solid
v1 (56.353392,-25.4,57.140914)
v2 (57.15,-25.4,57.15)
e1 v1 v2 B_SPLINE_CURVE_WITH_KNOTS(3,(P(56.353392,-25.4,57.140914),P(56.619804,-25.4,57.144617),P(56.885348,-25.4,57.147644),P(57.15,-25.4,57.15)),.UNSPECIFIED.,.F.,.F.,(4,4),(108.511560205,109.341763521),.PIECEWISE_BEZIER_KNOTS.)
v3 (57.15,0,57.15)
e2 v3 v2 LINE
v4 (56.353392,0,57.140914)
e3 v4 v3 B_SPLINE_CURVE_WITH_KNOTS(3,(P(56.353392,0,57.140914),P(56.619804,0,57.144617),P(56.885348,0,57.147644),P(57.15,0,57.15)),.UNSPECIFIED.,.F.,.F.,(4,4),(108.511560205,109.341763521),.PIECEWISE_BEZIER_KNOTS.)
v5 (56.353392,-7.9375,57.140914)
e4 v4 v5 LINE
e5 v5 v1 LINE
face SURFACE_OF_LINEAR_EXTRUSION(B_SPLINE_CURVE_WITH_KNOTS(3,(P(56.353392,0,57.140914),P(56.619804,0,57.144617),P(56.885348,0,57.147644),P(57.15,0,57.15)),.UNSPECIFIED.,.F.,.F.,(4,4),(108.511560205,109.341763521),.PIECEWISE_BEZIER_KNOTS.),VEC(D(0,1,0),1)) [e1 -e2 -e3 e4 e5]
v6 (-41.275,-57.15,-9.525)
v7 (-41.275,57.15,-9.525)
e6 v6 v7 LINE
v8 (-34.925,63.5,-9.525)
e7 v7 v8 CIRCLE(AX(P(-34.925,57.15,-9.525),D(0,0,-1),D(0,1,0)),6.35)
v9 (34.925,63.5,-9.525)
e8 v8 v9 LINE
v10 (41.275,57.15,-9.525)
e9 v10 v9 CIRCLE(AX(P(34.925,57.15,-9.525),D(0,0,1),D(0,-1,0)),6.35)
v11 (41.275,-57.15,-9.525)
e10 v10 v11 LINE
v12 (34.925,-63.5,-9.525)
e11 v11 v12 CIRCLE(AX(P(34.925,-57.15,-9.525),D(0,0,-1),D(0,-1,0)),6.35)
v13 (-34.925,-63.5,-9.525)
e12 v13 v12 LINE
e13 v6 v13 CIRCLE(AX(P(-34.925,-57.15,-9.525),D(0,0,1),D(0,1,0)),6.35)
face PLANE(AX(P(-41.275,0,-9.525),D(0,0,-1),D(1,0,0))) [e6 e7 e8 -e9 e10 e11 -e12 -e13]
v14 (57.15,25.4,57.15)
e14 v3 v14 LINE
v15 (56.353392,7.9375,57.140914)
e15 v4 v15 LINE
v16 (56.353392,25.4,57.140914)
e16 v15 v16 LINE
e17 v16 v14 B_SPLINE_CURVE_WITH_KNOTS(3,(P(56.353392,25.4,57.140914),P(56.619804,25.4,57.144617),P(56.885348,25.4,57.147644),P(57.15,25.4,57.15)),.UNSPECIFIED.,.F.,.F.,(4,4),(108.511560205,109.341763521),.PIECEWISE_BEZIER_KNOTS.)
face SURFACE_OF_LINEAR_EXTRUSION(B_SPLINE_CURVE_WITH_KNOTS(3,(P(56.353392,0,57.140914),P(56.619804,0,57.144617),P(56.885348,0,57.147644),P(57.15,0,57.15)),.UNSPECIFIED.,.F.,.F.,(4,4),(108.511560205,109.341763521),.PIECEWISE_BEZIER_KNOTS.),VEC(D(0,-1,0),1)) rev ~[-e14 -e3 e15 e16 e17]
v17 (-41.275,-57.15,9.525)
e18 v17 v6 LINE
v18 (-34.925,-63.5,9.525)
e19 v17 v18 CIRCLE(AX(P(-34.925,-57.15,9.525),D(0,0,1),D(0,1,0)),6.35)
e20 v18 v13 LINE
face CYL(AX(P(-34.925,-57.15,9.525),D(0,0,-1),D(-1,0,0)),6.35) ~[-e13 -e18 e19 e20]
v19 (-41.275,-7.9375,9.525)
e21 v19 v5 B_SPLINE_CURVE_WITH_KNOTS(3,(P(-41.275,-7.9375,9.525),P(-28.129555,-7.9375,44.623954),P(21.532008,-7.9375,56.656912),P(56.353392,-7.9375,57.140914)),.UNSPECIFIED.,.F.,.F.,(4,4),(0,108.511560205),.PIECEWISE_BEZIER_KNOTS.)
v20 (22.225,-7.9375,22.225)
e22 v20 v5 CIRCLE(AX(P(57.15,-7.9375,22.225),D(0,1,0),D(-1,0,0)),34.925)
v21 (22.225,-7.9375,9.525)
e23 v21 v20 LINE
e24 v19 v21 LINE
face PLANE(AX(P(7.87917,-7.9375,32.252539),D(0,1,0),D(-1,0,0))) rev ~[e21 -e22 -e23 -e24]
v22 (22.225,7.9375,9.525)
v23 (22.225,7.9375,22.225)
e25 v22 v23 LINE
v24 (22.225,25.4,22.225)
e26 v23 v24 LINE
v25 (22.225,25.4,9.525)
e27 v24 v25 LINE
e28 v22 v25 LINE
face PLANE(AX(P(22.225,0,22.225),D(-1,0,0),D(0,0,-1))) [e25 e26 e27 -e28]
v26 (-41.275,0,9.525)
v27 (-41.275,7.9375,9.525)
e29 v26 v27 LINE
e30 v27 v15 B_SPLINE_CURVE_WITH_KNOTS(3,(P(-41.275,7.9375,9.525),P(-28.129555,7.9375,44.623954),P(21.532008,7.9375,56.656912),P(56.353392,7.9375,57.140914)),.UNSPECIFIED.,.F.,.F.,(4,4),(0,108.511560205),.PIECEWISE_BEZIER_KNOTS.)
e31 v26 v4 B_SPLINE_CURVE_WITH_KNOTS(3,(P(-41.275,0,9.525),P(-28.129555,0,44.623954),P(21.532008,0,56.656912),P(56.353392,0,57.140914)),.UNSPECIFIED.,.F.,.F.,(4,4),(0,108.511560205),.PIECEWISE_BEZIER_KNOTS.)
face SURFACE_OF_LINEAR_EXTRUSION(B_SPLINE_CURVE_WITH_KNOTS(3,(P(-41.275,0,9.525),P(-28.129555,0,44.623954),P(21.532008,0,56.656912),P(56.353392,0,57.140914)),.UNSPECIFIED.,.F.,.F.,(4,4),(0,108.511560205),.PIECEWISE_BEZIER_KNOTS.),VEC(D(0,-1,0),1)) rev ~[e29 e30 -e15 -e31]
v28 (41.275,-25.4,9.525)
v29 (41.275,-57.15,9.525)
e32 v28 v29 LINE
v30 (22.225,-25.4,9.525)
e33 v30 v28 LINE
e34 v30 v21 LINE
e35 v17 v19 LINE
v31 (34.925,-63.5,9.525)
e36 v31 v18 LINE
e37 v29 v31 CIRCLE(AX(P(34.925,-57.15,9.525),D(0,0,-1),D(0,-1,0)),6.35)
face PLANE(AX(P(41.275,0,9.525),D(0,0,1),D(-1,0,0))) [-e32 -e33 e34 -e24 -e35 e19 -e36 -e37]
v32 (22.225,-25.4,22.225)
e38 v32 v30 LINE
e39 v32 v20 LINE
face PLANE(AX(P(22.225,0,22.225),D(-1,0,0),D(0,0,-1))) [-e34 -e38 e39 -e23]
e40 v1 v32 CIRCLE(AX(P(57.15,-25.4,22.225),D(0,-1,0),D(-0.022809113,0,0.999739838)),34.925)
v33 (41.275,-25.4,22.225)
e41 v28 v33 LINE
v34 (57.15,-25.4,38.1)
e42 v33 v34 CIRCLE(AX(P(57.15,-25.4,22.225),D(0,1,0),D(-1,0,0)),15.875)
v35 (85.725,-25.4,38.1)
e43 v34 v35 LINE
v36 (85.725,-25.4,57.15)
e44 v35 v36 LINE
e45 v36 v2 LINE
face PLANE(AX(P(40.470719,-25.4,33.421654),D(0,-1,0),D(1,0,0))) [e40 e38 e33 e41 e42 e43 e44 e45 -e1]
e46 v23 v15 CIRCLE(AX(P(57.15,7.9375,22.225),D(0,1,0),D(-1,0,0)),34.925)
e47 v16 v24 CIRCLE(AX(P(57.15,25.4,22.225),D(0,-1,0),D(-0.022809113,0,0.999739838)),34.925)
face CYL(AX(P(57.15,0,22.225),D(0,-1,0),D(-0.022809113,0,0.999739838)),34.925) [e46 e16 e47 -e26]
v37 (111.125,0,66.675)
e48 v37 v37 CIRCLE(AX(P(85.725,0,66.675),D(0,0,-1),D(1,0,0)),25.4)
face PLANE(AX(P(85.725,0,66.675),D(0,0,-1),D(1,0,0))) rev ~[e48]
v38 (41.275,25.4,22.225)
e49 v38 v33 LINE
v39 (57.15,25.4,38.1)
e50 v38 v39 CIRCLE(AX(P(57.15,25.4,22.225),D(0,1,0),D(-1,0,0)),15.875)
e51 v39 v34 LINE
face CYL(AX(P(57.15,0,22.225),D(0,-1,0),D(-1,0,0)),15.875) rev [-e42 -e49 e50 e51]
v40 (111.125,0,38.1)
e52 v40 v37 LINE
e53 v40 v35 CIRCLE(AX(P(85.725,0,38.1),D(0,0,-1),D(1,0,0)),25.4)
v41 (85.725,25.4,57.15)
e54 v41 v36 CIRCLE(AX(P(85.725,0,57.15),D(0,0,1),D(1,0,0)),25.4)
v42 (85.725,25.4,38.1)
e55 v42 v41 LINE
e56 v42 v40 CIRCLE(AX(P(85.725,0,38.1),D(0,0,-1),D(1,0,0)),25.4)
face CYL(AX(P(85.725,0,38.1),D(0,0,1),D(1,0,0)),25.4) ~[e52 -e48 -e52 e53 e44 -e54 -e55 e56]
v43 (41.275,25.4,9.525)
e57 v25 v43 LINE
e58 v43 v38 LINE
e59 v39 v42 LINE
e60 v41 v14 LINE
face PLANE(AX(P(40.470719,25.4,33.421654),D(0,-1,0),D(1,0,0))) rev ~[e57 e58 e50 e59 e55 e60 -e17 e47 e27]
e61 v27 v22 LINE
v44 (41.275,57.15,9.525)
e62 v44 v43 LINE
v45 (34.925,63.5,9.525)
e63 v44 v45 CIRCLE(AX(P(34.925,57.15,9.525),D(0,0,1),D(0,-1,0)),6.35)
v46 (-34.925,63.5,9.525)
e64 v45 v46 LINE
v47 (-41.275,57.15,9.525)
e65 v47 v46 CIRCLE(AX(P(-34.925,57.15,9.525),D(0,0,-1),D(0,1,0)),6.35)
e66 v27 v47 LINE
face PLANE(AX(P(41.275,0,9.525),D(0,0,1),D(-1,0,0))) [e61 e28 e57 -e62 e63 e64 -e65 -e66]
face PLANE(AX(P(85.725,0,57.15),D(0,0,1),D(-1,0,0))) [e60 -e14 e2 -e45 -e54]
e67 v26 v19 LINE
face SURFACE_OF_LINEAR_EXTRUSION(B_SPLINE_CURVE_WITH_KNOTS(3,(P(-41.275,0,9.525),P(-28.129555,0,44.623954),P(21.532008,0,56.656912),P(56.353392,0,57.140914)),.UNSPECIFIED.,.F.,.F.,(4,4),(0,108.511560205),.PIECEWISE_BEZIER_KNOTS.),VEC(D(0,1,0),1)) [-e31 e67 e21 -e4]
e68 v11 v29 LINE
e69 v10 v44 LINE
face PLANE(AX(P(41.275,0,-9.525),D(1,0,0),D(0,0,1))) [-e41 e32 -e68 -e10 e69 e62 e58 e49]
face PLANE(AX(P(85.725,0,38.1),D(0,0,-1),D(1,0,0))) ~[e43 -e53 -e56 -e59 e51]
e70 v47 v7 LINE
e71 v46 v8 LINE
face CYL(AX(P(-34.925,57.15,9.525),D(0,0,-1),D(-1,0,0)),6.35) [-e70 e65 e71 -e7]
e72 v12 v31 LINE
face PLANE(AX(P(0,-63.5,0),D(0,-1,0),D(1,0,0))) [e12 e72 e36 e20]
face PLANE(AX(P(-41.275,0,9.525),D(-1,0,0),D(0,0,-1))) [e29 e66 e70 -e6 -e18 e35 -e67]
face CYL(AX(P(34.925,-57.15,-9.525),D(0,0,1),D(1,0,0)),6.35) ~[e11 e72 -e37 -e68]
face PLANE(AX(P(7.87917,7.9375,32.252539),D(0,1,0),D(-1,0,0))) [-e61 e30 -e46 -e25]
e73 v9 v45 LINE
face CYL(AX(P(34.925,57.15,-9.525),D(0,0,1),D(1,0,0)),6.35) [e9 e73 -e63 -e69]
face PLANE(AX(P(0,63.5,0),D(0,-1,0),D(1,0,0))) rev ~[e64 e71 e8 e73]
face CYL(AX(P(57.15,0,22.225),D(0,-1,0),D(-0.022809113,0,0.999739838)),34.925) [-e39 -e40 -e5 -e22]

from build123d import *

# Parameters (mm, degrees)
F1_DEPTH = 63.5
F2_DEPTH = 7.9375
F3_DEPTH = 25.4
F5_R     = 6.35


with BuildPart() as f1:
    # F0 (on Front) → F1 (new body, symmetric)
    with BuildSketch(Plane.XZ):
        Polygon((-41.275, -9.525), (41.275, -9.525), (41.275, 9.525), (22.225, 9.525), (-41.275, 9.525), align=None)
    extrude(amount=F1_DEPTH, both=True)

    # F0 (on Front) → F2 (join, symmetric)
    with BuildSketch(Plane.XZ):
        with BuildLine():
            add(Edge.make_bspline(
                [(-41.275, 9.525), (-28.1295553006, 44.6239538406), (21.5320084104, 56.6569118674), (56.3533917414, 57.1409138543)],
                knots=[0, 0, 0, 0, 108.5115602051, 108.5115602051, 108.5115602051, 108.5115602051], degree=3))
            Line((-41.275, 9.525), (22.225, 9.525))
            Line((22.225, 9.525), (22.225, 22.225))
            ThreePointArc((22.225, 22.225), (32.1742400673, 46.6374361911), (56.3533917414, 57.1409138543))
        make_face()
    extrude(amount=F2_DEPTH, both=True)

    # F0 (on Front) → F3 (join, symmetric)
    with BuildSketch(Plane.XZ):
        with BuildLine():
            Line((22.225, 9.525), (41.275, 9.525))
            Line((41.275, 9.525), (41.275, 22.225))
            ThreePointArc((41.275, 22.225), (45.9246798487, 33.4503201513), (57.15, 38.1))
            Line((57.15, 38.1), (60.325, 38.1))
            Line((60.325, 38.1), (60.325, 57.15))
            Line((60.325, 57.15), (57.15, 57.15))
            add(Edge.make_bspline(
                [(56.3533917414, 57.1409138543), (56.6198041666, 57.1446168704), (56.8853479194, 57.1476438664), (57.15, 57.15)],
                knots=[108.5115602051, 108.5115602051, 108.5115602051, 108.5115602051, 109.3417635215, 109.3417635215, 109.3417635215, 109.3417635215], degree=3))
            ThreePointArc((56.3533917414, 57.1409138543), (32.1742400673, 46.6374361911), (22.225, 22.225))
            Line((22.225, 22.225), (22.225, 9.525))
        make_face()
        Polygon((60.325, 57.15), (60.325, 38.1), (80.6127000995, 38.1), (85.725, 38.1), (85.725, 57.15), (80.6127000995, 57.15), align=None)
    extrude(amount=F3_DEPTH, both=True)

    # F0 (on Front) → F4 (revolve)
    with BuildSketch(Plane.XZ):
        Polygon((85.725, 57.15), (85.725, 38.1), (111.125, 38.1), (111.125, 66.675), (85.725, 66.675), align=None)
    revolve(axis=Axis((85.725, 0, 52.3875), (0, 0, -1)))

    # F5
    f5_edges = [f1.edges().sort_by_distance(p)[0] for p in [
        (41.275, -63.5, 0),
        (-41.275, -63.5, 0),
        (-41.275, 63.5, 0),
        (41.275, 63.5, 0),
    ]]
    fillet(f5_edges, radius=F5_R)


solid = f1.part
